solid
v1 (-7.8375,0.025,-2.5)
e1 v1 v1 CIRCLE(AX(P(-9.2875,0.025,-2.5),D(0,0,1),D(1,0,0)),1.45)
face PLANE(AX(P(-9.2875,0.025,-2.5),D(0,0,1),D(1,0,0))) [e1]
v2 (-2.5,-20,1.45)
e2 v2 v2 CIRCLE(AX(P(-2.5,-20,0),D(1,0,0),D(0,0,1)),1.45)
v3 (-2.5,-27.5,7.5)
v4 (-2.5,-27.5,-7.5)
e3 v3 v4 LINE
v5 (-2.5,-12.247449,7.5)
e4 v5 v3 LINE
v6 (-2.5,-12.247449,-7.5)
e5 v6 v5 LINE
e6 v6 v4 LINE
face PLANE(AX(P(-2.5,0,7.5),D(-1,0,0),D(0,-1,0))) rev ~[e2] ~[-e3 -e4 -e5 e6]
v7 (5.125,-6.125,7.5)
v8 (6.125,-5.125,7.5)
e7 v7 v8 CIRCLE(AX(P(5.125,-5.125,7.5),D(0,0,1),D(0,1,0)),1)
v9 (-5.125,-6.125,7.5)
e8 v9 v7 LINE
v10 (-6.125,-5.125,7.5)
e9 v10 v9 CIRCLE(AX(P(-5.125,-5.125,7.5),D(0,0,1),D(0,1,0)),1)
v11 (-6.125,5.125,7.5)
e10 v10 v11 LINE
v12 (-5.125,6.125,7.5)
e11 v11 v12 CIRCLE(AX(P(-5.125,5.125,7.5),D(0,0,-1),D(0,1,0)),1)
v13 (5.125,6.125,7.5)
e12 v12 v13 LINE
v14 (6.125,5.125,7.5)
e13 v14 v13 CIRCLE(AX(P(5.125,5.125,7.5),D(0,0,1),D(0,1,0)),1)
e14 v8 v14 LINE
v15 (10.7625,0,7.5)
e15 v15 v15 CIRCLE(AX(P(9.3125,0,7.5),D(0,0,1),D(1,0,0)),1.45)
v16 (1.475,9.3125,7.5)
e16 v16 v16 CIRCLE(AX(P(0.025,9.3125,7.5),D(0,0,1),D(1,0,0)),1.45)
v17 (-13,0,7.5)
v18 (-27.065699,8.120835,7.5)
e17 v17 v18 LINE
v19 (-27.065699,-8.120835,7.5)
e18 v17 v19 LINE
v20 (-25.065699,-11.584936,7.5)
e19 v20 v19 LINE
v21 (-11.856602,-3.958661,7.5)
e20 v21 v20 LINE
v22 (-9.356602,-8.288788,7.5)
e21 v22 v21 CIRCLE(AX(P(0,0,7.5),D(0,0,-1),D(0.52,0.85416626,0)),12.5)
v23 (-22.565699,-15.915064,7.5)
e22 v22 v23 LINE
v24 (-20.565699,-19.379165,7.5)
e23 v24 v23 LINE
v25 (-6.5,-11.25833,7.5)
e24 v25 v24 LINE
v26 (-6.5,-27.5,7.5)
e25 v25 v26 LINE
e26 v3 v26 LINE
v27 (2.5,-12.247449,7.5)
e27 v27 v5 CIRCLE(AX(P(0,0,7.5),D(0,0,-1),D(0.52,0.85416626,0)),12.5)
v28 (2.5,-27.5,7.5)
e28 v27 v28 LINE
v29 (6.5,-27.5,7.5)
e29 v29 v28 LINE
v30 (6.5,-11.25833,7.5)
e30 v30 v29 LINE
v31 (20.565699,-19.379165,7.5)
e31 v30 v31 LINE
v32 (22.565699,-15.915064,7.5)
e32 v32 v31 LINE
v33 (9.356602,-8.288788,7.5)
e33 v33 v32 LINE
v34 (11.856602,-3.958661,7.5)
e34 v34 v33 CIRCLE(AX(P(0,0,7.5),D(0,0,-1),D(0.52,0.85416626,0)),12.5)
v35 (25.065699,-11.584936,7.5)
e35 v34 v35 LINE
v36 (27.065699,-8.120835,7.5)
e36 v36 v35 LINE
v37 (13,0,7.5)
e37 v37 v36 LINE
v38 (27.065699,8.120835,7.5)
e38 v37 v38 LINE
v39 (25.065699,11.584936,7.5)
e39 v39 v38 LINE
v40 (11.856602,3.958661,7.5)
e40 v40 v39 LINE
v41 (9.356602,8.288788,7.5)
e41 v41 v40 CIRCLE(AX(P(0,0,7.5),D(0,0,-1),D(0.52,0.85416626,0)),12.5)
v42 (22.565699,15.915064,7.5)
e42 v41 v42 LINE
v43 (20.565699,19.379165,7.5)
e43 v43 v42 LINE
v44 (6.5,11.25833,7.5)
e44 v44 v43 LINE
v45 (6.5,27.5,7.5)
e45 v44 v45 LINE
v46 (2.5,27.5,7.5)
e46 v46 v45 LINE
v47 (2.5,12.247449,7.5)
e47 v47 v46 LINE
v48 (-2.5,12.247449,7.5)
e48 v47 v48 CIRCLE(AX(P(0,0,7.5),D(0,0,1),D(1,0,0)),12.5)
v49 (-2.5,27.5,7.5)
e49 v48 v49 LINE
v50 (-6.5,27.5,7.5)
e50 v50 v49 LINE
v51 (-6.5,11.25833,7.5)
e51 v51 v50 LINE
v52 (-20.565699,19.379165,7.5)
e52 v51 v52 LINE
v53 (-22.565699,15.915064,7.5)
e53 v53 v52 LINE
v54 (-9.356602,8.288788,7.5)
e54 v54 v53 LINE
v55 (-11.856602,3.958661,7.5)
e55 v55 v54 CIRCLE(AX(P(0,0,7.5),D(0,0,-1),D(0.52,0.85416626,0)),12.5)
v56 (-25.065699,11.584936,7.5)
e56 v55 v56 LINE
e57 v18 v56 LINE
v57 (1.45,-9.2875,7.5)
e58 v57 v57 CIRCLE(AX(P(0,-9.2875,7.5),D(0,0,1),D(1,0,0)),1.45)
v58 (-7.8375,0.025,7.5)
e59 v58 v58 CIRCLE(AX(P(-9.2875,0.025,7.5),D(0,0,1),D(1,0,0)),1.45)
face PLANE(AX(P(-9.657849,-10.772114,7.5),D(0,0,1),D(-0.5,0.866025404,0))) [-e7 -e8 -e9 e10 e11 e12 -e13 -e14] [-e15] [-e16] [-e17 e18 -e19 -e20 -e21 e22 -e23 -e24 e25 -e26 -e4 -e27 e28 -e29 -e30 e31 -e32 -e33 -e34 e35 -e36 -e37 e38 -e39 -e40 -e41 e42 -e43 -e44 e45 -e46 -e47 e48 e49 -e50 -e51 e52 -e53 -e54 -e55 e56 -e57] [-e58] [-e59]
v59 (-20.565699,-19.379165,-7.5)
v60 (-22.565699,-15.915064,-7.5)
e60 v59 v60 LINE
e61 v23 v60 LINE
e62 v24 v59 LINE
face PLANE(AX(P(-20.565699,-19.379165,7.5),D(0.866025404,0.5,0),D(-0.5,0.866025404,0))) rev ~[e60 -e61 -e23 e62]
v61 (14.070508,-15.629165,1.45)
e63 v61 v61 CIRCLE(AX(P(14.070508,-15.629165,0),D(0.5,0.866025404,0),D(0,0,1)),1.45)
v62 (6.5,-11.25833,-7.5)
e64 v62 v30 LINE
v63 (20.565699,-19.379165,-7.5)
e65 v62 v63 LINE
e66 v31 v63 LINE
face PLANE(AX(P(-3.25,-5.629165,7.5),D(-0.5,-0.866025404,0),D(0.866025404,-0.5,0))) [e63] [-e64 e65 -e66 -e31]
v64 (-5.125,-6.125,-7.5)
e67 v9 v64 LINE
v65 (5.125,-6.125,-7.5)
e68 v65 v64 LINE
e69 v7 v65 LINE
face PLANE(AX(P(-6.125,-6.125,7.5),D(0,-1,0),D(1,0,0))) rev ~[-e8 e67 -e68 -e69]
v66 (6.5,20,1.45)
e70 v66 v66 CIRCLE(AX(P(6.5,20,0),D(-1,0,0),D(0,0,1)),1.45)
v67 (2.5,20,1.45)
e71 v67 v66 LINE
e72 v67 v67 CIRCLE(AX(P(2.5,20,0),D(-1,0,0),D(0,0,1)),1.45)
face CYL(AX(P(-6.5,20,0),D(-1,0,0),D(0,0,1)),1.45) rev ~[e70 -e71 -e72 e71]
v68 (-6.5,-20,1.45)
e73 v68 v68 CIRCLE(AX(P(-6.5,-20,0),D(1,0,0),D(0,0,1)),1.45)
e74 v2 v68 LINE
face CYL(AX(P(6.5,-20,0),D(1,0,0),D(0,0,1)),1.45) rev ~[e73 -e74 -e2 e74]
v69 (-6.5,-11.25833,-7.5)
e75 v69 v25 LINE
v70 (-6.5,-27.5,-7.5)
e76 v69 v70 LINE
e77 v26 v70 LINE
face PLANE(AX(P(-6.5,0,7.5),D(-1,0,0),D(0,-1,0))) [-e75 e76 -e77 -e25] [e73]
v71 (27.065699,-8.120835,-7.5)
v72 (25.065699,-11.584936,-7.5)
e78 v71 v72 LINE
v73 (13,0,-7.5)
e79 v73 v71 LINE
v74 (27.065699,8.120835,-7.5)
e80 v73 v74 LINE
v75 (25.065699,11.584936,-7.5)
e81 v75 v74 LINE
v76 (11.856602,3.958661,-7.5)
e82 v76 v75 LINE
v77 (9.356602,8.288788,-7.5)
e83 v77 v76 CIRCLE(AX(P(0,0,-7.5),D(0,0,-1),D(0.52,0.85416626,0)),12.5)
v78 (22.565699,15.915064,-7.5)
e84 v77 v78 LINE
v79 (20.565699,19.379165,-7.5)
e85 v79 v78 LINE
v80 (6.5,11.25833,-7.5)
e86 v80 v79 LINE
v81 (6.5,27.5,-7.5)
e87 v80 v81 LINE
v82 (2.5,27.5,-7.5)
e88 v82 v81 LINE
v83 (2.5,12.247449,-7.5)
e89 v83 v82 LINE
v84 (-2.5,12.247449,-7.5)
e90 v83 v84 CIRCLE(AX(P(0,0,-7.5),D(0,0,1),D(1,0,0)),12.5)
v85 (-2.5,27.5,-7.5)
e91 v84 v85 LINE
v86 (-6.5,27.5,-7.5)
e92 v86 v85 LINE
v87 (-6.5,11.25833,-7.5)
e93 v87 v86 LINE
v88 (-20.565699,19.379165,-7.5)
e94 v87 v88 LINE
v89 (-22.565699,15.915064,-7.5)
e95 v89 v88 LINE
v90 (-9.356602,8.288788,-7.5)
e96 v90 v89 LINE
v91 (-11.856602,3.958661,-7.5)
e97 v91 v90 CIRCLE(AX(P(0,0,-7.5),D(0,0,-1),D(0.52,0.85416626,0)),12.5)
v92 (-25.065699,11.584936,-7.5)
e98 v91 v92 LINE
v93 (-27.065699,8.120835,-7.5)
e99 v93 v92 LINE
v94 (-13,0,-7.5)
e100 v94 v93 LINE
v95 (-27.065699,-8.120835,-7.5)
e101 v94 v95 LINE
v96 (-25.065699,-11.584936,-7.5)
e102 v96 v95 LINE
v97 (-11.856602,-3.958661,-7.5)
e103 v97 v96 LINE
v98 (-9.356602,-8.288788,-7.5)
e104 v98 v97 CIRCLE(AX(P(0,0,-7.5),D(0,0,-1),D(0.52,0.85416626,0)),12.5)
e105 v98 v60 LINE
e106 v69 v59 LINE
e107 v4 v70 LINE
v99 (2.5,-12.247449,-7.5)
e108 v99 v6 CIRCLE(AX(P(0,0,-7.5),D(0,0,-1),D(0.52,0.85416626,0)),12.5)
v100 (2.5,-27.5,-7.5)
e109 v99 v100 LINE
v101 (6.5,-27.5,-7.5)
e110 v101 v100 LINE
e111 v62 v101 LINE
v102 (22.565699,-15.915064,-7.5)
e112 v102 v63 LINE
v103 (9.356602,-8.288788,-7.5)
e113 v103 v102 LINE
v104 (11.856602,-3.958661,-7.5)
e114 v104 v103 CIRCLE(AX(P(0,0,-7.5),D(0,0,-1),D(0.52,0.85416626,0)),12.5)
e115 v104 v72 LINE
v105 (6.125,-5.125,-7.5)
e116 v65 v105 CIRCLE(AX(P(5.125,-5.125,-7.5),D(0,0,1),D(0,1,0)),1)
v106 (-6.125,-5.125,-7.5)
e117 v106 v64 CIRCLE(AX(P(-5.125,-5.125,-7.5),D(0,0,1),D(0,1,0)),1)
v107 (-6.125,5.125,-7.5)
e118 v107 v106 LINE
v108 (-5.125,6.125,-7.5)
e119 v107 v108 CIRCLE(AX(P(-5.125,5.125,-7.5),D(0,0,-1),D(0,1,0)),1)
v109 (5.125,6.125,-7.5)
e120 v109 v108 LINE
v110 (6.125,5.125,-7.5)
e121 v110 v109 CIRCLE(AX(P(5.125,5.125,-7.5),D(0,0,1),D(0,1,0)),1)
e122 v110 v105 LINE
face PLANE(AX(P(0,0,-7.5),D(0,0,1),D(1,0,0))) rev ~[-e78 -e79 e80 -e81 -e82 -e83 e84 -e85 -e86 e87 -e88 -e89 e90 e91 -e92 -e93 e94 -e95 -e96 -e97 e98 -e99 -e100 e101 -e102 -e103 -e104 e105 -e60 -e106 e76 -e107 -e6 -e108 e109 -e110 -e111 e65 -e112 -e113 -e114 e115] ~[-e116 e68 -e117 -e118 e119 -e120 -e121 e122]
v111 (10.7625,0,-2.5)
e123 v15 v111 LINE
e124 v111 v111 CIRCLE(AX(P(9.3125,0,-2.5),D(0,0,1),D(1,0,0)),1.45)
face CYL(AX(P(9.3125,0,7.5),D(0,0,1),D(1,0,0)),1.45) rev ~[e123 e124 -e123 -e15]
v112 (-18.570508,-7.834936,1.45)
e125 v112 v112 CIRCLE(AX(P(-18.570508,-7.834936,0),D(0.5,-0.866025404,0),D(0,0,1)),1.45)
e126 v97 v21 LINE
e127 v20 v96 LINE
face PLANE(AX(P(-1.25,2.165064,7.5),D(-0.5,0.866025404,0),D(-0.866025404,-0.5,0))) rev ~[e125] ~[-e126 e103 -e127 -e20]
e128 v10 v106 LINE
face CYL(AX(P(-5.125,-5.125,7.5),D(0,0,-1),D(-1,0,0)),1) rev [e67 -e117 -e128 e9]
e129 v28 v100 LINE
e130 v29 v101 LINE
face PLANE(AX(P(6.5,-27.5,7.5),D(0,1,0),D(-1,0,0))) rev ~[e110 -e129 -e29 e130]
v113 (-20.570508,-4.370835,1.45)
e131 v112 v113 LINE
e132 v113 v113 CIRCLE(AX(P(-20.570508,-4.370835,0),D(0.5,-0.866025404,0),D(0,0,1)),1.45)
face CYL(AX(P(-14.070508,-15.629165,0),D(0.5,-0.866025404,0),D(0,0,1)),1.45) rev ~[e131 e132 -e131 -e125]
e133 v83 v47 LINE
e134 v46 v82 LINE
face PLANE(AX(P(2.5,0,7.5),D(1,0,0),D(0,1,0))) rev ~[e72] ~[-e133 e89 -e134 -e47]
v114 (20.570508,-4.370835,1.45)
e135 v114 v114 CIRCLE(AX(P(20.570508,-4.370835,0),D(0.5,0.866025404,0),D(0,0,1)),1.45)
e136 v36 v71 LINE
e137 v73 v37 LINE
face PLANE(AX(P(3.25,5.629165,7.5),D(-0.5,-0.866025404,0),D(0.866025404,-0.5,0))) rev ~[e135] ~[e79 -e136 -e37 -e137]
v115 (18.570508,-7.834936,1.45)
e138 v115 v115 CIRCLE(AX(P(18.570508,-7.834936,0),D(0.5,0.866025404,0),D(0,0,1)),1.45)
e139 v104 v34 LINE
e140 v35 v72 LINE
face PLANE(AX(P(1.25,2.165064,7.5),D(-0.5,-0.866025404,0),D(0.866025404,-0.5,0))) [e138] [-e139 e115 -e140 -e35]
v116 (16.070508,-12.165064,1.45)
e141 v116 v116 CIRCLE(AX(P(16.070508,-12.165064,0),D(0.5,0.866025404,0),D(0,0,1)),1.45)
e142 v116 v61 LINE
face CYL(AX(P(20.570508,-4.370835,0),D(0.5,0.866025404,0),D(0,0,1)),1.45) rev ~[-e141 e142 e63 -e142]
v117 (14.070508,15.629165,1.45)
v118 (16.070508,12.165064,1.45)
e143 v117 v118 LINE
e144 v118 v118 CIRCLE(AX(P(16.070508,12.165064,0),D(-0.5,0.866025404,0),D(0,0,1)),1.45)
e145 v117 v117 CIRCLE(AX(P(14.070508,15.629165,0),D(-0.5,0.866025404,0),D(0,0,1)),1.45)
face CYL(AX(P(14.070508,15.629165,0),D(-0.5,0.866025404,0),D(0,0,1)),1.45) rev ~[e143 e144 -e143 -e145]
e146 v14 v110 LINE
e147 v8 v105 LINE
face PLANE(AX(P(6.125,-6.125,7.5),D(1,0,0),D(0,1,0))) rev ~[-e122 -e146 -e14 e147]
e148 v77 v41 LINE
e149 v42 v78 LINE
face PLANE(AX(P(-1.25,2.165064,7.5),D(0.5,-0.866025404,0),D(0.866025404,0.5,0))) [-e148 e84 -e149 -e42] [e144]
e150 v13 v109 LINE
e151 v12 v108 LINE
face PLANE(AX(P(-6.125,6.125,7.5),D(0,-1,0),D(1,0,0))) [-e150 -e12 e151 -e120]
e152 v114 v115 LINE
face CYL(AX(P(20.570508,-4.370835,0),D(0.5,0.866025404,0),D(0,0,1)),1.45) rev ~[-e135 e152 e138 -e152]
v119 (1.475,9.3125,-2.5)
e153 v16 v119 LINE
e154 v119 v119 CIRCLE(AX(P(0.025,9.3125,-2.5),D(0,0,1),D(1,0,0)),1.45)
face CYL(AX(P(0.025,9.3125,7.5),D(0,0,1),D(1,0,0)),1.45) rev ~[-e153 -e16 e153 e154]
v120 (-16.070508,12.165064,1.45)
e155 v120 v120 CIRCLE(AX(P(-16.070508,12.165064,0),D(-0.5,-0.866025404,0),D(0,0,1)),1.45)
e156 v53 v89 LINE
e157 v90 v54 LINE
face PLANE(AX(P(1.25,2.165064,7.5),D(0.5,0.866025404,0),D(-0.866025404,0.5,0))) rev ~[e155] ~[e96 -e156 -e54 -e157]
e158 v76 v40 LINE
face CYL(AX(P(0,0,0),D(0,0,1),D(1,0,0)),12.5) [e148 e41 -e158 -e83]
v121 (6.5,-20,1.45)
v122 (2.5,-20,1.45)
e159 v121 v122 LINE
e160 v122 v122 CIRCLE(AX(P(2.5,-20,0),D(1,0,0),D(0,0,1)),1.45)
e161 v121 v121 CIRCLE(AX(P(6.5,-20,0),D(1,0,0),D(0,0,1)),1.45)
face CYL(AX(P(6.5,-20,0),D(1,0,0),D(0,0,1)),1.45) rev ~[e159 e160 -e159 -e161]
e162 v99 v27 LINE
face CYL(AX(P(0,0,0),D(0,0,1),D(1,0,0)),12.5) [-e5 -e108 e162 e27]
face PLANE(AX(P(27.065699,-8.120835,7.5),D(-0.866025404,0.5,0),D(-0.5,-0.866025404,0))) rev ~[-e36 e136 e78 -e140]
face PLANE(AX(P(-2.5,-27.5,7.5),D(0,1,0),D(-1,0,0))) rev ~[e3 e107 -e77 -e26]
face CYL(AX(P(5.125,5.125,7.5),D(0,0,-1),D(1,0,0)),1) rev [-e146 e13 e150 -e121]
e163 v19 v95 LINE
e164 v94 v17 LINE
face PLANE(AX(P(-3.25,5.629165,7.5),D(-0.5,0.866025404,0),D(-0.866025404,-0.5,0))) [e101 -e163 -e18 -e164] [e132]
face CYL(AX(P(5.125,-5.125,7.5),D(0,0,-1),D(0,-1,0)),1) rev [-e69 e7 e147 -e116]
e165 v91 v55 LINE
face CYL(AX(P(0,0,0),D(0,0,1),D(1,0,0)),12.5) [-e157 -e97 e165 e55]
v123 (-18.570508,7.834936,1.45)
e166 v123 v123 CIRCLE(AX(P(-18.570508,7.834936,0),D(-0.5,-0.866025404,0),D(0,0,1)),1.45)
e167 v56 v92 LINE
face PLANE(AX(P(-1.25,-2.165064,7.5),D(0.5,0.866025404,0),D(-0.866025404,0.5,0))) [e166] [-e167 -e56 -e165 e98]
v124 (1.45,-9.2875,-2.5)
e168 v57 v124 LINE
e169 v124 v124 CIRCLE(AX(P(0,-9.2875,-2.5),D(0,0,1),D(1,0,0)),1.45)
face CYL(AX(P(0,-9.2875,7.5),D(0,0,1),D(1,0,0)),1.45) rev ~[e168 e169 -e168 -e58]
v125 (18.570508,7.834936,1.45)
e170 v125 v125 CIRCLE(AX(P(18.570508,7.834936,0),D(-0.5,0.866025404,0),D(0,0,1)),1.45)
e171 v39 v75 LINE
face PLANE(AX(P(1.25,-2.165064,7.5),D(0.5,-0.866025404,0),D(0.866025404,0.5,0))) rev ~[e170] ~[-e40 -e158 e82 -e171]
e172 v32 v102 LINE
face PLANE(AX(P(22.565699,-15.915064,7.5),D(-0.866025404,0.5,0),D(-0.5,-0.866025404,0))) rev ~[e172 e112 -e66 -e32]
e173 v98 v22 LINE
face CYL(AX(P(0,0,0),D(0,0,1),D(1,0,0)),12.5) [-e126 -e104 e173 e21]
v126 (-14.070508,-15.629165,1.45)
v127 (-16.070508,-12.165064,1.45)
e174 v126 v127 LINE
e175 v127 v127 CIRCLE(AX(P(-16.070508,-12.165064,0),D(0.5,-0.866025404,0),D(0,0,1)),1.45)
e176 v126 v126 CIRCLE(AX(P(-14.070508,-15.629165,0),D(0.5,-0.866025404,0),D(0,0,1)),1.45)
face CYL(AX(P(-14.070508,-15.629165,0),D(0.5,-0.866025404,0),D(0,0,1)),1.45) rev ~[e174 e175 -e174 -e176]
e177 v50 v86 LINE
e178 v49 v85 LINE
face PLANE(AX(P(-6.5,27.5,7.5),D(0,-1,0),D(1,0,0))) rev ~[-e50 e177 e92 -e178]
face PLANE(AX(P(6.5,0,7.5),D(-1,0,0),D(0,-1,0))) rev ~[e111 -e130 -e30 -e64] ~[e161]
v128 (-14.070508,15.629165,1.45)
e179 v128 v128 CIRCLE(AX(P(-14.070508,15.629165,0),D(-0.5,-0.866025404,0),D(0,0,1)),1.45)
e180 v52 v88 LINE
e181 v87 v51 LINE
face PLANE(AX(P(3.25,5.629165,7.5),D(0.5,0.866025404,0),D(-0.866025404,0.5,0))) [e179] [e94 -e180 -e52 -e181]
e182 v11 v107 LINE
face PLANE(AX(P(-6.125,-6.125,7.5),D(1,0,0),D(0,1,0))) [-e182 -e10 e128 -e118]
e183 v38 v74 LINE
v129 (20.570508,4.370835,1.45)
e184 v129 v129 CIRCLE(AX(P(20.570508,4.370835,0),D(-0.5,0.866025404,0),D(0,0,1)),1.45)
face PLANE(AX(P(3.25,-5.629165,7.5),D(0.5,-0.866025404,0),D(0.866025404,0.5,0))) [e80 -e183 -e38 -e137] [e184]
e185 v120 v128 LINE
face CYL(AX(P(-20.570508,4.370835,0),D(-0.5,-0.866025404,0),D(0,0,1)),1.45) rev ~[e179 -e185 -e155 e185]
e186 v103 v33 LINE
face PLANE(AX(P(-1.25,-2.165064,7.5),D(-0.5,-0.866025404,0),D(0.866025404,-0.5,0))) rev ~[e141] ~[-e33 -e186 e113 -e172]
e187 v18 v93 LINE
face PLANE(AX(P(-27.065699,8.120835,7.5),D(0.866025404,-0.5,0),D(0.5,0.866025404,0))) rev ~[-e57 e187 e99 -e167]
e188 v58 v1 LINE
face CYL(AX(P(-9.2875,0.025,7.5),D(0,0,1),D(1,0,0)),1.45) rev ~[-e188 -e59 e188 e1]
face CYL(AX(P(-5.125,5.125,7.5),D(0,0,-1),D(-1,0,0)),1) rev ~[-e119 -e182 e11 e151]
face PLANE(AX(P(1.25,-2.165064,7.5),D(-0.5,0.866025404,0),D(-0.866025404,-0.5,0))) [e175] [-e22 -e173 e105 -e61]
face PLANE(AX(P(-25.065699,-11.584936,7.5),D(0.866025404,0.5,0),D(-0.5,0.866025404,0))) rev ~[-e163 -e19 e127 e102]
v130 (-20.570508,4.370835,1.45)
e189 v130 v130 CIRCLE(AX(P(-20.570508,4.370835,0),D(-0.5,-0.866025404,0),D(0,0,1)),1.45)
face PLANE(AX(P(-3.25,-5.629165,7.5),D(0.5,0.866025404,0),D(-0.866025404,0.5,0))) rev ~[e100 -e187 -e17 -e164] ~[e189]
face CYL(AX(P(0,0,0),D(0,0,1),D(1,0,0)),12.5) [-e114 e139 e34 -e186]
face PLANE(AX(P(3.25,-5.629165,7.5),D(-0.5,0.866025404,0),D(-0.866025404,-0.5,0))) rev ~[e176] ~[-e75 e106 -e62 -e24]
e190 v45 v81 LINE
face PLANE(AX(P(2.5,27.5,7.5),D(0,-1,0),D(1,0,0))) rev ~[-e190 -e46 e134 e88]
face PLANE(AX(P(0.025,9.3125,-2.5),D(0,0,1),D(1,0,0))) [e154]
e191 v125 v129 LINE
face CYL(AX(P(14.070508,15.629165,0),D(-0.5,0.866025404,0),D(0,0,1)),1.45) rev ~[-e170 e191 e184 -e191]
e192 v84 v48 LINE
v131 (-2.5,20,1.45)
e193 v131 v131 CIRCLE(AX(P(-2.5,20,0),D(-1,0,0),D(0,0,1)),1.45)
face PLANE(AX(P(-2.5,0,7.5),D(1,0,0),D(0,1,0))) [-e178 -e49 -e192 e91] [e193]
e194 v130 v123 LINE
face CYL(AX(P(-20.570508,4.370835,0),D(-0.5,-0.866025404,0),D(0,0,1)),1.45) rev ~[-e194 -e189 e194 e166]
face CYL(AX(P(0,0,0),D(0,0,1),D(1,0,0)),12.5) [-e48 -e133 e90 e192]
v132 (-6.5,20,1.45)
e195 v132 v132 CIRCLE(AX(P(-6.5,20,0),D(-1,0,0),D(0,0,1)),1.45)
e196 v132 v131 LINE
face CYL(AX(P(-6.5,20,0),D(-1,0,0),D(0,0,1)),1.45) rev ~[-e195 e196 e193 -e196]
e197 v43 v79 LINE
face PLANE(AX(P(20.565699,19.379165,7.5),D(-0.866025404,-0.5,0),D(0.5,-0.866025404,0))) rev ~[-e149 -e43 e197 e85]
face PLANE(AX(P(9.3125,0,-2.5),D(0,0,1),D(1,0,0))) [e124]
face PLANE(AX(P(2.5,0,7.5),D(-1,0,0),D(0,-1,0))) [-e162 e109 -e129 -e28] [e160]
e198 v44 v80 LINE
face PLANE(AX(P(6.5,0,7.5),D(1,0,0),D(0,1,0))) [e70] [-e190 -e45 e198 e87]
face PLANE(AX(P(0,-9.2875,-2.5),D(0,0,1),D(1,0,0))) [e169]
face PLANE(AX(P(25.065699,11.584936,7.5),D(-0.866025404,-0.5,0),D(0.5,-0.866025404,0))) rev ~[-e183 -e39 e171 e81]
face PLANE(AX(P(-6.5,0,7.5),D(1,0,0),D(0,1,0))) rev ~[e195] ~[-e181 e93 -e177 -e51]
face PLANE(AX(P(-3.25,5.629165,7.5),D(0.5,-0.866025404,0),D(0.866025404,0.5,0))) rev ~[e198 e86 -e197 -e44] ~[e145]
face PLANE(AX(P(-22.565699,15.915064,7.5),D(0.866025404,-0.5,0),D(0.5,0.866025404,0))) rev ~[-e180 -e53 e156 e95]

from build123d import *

# Parameters (mm, degrees)
SKETCH1_R           = 12.5
BOSS_EXTRUDE1_DEPTH = 7.5
SKETCH4_W           = 4
SKETCH4_H           = 27.5
BOSS_EXTRUDE3_DEPTH = 15
CIRPATTERN7_COUNT   = 6
SKETCH7_R           = 1.45
CUT_EXTRUDE2_DEPTH  = 17
CIRPATTERN9_COUNT   = 6
CUT_EXTRUDE3_REACH  = 43.398
SKETCH8_W           = 12.25
SKETCH8_H           = 12.25
SKETCH9_R           = 1.45
CUT_EXTRUDE4_DEPTH  = 10
FILLET1_R           = 1


with BuildPart() as part:
    # Sketch1 → Boss-Extrude1 (new, symmetric)
    with BuildSketch(Plane.XY):
        Circle(SKETCH1_R)
    extrude(amount=BOSS_EXTRUDE1_DEPTH, both=True)

    # Sketch4 → Boss-Extrude3 (add)
    with BuildSketch(Plane.XY.offset(7.5)):
        with Locations((-4.5, 13.75)):
            Rectangle(SKETCH4_W, SKETCH4_H)
        with Locations((4.5, 13.75)):
            Rectangle(SKETCH4_W, SKETCH4_H)
    boss_extrude3 = extrude(amount=-BOSS_EXTRUDE3_DEPTH)

    # CirPattern7: Boss-Extrude3 ×6 about axis
    cirpattern7_axis = Axis((0, 0, 0), (0, 0, 1))
    for i in range(1, CIRPATTERN7_COUNT):
        add(boss_extrude3.rotate(cirpattern7_axis, i * 360 / CIRPATTERN7_COUNT))

    # Sketch7 → Cut-Extrude2 (cut)
    with BuildSketch(Plane.ZY.offset(6.5)):
        with Locations((0, 20)):
            Circle(SKETCH7_R)
        with Locations((40, 20)):
            Circle(SKETCH7_R)
        with Locations((80, 20)):
            Circle(SKETCH7_R)
        with Locations((120, 20)):
            Circle(SKETCH7_R)
        with Locations((160, 20)):
            Circle(SKETCH7_R)
    cut_extrude2 = extrude(amount=-CUT_EXTRUDE2_DEPTH, mode=Mode.SUBTRACT)

    # CirPattern9: Cut-Extrude2 ×6 about axis
    cirpattern9_axis = Axis((0, 0, 0), (0, 0, 1))
    for i in range(1, CIRPATTERN9_COUNT):
        add(cut_extrude2.rotate(cirpattern9_axis, i * 360 / CIRPATTERN9_COUNT), mode=Mode.SUBTRACT)

    # Sketch8 → Cut-Extrude3 (cut, up to next)
    with BuildSketch(Plane.XY.offset(7.5), mode=Mode.PRIVATE) as cut_extrude3_sk1:
        Rectangle(SKETCH8_W, SKETCH8_H)
    cut_extrude3_tool1 = extrude(cut_extrude3_sk1.sketch, amount=-CUT_EXTRUDE3_REACH, mode=Mode.PRIVATE) & part.part
    add(cut_extrude3_tool1.solids().sort_by_distance((0, 0, 7.5))[0], mode=Mode.SUBTRACT)

    # Sketch9 → Cut-Extrude4 (cut)
    with BuildSketch(Plane.XY.offset(7.5)):
        with Locations((9.3125, 0)):
            Circle(SKETCH9_R)
        with Locations((0, -9.2875)):
            Circle(SKETCH9_R)
        with Locations((-9.2875, 0.025)):
            Circle(SKETCH9_R)
        with Locations((0.025, 9.3125)):
            Circle(SKETCH9_R)
    extrude(amount=-CUT_EXTRUDE4_DEPTH, mode=Mode.SUBTRACT)

    # Fillet1
    fillet1_edges = [part.edges().sort_by_distance(p)[0] for p in [
        (6.125, 6.125, 0),
        (6.125, -6.125, 0),
        (-6.125, -6.125, 0),
        (-6.125, 6.125, 0),
    ]]
    fillet(fillet1_edges, radius=FILLET1_R)


solid = part.part
